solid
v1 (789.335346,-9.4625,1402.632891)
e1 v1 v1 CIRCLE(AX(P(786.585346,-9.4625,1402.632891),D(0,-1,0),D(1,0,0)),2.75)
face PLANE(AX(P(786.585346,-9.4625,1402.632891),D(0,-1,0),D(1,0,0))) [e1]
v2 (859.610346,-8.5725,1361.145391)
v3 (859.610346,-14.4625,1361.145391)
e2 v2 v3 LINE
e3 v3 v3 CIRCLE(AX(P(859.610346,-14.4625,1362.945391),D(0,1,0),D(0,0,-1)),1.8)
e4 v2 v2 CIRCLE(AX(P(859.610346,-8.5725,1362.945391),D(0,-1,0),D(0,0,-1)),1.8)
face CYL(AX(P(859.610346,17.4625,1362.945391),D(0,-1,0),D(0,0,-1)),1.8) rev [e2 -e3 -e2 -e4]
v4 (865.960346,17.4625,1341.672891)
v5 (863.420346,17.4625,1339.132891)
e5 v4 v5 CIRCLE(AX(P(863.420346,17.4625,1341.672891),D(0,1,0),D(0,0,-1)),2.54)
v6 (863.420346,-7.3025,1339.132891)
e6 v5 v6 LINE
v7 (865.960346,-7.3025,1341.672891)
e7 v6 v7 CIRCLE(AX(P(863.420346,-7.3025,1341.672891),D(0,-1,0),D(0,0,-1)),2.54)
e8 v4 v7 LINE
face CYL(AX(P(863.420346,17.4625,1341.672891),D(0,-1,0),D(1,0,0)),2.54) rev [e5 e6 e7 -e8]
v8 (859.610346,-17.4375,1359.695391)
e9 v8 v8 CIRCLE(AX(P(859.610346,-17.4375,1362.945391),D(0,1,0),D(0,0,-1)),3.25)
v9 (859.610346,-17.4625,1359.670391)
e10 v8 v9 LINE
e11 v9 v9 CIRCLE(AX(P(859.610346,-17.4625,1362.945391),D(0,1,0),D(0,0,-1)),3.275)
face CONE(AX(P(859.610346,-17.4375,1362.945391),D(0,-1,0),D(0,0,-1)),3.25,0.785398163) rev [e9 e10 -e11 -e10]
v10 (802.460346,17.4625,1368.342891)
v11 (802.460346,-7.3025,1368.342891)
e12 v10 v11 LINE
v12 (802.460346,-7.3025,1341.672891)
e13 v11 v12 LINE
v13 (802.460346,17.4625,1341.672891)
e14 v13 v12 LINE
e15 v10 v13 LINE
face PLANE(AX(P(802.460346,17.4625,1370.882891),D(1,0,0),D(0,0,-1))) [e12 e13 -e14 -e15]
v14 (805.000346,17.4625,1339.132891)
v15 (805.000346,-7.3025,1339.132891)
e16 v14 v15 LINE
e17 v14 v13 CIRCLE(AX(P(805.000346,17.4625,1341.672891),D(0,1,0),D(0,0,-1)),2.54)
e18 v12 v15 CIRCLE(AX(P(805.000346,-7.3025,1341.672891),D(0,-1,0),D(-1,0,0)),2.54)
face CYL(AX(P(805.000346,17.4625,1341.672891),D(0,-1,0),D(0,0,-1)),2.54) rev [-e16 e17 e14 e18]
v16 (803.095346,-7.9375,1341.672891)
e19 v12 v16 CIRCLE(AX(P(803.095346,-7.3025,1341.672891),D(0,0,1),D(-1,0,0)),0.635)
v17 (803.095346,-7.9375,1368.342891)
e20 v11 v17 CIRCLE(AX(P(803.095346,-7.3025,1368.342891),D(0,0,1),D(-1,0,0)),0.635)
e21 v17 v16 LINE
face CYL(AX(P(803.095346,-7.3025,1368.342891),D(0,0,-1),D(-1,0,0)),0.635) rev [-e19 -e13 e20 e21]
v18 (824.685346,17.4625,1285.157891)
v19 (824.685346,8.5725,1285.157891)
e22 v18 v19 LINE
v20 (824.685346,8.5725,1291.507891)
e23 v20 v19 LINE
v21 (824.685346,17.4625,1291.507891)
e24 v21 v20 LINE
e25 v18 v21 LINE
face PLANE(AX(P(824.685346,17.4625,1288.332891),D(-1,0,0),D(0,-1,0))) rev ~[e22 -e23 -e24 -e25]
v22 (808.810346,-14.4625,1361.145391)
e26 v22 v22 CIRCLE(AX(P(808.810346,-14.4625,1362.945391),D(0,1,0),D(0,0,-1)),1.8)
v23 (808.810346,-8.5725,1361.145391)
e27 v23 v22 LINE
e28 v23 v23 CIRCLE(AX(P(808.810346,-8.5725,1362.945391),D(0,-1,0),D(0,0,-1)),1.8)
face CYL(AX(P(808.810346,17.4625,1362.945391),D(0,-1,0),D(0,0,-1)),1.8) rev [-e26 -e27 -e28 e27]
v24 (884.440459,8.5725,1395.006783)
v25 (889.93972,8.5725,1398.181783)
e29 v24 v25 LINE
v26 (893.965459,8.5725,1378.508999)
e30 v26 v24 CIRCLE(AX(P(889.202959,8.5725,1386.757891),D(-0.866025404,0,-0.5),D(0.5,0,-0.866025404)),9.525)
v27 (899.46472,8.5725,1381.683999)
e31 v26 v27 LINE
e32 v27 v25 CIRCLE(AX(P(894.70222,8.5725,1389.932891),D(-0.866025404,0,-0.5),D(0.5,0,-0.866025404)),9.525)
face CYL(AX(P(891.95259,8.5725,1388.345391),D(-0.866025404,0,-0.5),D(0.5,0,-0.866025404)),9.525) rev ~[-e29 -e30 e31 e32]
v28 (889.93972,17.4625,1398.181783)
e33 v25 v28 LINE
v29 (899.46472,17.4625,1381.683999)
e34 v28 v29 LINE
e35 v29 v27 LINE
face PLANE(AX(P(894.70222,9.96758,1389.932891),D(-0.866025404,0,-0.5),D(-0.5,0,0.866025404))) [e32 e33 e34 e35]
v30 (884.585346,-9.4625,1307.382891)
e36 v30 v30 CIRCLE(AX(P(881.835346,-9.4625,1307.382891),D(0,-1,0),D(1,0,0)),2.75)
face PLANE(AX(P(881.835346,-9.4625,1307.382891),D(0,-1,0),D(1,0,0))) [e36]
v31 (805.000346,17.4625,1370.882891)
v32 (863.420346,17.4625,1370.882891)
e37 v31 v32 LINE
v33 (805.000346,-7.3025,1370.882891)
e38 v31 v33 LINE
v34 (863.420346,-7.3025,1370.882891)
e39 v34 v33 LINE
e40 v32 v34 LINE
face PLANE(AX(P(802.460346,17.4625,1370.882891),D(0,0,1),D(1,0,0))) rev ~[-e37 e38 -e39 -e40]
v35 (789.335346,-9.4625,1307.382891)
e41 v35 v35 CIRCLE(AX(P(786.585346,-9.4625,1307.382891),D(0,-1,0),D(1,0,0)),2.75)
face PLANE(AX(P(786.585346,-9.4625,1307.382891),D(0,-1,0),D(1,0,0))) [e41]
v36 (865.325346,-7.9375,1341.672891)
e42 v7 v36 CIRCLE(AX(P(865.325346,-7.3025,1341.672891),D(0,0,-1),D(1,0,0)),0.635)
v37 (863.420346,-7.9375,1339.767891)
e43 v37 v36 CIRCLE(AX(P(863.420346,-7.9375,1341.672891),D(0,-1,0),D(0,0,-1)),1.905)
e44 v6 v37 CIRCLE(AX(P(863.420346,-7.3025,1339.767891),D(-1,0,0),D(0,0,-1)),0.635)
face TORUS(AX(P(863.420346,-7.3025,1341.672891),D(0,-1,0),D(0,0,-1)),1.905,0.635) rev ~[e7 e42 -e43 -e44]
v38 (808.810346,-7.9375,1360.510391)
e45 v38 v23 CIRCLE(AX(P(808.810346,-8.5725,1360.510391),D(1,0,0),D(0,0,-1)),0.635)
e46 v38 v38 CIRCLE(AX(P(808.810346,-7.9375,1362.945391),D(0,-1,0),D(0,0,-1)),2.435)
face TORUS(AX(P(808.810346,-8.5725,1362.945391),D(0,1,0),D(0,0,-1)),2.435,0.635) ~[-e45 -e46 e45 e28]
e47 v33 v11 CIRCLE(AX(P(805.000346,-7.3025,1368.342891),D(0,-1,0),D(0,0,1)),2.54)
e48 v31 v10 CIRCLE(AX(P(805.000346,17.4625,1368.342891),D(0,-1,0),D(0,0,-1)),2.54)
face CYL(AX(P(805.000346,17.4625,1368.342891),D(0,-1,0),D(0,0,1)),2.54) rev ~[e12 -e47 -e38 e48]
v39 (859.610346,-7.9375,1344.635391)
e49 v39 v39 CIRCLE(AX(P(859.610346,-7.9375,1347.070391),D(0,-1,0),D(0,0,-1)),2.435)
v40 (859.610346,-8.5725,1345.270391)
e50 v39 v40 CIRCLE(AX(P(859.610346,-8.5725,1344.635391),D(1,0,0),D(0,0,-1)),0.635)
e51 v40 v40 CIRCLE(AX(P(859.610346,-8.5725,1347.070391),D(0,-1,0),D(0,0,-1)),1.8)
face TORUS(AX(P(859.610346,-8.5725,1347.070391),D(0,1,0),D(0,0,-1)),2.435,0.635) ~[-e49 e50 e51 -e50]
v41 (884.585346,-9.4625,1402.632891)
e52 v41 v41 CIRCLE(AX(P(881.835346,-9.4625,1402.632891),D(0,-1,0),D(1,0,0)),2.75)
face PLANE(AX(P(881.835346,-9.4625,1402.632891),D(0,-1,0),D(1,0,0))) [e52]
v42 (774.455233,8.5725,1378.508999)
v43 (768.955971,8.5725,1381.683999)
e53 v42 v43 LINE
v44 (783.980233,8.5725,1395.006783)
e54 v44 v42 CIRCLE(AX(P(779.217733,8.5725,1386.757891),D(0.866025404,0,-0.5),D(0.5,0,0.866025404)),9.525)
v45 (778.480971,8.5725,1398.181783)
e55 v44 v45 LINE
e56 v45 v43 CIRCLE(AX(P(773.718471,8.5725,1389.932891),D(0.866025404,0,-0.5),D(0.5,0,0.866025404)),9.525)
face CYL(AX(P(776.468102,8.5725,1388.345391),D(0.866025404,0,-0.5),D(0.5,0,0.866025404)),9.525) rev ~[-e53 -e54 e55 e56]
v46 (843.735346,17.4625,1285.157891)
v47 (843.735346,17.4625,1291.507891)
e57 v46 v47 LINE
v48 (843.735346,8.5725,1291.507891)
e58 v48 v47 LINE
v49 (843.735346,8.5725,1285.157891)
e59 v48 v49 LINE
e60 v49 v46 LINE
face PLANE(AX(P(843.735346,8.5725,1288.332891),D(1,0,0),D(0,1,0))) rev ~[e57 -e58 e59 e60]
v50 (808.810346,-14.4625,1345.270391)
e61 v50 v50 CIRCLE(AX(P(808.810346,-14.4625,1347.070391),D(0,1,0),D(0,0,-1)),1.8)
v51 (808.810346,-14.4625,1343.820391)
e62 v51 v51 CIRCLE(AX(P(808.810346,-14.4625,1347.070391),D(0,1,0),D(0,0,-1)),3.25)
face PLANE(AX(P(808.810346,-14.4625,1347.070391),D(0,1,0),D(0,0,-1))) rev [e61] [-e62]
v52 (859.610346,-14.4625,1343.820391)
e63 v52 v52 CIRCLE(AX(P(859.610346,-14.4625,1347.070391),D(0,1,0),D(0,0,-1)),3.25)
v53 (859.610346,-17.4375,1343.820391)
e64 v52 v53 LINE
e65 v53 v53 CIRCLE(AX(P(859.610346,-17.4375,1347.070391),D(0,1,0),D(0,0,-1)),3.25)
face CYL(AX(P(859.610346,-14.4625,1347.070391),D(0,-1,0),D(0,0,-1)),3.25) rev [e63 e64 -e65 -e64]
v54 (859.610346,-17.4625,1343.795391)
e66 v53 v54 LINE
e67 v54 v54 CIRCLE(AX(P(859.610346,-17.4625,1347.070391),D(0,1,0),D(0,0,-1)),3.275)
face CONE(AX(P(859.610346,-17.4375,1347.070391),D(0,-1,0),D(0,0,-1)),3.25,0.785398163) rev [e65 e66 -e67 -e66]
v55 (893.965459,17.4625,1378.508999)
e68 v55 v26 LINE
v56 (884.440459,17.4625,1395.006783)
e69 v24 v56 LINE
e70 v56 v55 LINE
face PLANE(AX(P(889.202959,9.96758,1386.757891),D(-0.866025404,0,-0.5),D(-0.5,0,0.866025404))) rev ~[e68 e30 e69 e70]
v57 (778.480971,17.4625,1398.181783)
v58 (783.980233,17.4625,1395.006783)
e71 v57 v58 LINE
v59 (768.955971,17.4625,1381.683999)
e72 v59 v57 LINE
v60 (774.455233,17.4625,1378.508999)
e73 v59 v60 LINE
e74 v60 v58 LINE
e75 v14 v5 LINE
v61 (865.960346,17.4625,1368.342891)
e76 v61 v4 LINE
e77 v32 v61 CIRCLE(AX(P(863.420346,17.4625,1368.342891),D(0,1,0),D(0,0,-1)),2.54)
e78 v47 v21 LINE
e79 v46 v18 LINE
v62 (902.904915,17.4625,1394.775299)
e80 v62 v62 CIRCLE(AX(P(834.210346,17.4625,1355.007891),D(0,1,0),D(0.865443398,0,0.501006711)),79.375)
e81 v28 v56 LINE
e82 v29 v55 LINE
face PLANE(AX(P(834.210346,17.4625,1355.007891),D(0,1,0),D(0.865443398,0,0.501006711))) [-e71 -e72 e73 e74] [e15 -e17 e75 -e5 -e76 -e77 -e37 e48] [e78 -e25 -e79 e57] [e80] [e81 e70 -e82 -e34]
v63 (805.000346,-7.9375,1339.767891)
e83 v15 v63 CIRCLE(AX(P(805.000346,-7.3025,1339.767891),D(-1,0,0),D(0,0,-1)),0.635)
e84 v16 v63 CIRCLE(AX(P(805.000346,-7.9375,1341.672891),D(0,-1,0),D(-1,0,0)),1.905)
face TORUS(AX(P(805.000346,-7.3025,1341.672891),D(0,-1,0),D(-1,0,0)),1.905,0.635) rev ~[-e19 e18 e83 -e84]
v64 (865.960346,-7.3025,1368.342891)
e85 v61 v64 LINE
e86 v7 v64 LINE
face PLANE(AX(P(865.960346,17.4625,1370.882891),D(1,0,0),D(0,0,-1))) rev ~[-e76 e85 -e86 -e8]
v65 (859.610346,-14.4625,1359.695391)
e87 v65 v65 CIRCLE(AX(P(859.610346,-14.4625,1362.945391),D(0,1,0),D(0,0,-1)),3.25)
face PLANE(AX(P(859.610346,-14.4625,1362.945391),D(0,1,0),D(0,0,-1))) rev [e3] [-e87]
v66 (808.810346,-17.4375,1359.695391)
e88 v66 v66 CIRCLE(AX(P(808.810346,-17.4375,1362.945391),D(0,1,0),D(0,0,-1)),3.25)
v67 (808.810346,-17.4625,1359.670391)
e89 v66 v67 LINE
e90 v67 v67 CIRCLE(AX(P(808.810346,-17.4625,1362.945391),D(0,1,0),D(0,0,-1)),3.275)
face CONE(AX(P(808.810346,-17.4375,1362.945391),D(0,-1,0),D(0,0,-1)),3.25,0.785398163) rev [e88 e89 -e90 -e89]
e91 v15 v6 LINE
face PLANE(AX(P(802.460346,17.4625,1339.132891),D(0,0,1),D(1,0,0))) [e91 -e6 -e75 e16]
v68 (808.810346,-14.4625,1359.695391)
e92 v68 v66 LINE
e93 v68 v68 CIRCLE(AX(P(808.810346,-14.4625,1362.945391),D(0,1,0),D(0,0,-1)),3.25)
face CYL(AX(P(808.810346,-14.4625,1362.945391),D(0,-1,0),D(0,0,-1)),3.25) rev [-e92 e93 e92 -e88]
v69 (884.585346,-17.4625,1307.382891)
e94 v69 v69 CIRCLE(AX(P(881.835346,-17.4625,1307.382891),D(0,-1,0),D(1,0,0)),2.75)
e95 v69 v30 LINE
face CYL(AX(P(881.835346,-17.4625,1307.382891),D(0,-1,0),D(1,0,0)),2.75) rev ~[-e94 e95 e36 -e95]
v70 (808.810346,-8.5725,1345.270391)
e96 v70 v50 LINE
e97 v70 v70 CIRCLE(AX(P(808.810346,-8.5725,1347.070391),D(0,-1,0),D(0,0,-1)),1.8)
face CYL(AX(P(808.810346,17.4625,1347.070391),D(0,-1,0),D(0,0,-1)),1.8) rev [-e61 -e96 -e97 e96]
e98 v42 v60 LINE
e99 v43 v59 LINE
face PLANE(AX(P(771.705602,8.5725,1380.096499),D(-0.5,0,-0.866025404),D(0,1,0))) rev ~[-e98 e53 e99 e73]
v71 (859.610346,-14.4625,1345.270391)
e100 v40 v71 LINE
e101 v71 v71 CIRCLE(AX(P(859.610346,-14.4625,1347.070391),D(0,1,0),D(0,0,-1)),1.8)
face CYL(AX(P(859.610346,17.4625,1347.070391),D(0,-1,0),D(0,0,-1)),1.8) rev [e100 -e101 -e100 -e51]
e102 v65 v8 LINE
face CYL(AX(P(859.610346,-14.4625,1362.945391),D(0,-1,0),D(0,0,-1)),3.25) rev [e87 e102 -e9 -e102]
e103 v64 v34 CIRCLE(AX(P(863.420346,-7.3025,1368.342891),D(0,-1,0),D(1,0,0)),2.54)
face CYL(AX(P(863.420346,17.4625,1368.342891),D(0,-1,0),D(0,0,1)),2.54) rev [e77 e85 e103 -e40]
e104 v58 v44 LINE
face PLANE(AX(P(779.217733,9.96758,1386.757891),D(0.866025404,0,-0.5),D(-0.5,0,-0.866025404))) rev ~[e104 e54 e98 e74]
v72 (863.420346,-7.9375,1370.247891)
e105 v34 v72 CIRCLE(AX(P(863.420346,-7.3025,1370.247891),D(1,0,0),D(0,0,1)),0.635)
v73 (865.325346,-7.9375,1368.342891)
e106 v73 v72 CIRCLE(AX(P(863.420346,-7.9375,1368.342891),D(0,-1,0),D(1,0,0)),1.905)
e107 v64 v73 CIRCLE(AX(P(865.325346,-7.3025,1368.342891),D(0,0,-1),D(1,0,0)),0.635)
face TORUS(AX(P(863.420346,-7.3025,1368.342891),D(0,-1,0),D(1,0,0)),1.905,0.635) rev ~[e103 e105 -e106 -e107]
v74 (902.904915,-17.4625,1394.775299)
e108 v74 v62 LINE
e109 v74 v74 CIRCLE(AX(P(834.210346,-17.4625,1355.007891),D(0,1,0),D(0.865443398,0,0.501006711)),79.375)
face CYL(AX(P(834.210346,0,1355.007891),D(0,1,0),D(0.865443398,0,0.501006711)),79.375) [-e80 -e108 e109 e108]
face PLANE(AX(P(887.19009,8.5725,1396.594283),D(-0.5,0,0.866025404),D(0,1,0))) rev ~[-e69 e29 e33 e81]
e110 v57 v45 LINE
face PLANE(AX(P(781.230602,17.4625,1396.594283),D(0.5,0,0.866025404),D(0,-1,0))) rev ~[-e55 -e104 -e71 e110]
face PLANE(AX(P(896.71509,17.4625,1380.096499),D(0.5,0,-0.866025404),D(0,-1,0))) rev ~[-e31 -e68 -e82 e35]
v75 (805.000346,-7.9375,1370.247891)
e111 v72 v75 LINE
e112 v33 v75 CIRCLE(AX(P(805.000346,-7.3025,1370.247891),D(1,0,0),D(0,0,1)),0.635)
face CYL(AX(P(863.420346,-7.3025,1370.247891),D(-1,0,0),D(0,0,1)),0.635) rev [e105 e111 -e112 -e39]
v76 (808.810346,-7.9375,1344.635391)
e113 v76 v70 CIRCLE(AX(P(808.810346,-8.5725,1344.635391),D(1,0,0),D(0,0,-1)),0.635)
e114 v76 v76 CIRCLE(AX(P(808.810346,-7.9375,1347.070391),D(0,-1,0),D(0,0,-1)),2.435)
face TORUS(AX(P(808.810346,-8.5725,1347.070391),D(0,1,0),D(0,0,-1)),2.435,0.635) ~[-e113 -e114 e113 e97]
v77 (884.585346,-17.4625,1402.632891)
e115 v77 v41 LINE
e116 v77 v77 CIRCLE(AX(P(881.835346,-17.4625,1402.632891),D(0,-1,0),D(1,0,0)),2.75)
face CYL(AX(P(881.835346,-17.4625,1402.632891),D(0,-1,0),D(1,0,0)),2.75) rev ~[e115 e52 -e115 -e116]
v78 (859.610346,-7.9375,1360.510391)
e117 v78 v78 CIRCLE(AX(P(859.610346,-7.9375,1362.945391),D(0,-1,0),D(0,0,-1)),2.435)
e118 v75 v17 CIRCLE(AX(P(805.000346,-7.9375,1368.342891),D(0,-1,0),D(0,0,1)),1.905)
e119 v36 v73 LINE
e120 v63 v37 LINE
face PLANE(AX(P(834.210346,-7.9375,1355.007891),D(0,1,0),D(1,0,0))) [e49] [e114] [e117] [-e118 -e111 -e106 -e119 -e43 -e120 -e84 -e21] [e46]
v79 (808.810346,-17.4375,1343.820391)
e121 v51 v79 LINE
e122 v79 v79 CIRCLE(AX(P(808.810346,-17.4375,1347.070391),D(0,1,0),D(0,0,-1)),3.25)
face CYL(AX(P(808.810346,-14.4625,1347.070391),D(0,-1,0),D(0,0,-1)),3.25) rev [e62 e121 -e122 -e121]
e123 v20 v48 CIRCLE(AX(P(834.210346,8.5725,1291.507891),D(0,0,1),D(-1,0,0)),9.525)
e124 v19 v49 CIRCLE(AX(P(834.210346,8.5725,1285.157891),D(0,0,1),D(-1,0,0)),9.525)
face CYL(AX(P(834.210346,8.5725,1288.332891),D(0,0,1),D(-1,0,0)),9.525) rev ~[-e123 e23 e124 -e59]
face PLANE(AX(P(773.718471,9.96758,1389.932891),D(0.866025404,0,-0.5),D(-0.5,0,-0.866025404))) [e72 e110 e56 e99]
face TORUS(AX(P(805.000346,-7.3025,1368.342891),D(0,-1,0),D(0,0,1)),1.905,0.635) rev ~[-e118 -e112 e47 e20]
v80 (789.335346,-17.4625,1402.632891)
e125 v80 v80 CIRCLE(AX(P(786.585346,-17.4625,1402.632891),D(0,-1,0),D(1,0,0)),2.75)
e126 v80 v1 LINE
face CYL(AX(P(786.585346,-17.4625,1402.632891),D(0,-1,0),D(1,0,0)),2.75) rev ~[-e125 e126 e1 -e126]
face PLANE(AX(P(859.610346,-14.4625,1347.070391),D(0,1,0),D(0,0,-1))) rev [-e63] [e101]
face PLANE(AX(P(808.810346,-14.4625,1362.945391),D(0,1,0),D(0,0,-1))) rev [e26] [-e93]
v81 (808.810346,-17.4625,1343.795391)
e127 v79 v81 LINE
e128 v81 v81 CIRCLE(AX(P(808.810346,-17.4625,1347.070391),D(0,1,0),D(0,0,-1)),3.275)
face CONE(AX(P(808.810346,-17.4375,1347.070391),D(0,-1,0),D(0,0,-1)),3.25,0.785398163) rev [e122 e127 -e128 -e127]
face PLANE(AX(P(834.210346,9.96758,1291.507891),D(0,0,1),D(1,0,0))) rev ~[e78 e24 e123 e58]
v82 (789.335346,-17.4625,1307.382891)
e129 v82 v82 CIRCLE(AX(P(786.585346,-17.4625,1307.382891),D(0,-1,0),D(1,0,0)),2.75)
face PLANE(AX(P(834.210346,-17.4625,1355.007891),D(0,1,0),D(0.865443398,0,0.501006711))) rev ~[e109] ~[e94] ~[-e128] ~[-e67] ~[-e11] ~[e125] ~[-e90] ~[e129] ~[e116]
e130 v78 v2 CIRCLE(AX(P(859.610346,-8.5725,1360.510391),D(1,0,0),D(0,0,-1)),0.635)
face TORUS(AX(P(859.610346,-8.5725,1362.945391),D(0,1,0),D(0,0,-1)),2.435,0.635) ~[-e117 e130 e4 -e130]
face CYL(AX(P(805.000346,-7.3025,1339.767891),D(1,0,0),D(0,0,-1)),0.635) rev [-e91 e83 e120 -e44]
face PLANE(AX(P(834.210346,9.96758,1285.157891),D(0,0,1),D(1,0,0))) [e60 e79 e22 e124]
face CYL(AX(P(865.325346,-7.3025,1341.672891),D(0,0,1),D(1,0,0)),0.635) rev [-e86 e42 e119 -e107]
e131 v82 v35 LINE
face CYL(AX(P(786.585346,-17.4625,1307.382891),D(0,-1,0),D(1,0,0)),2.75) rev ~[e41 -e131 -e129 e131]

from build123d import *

# Parameters (mm, degrees)
SKETCH1_R                     = 79.375
BOSS_EXTRUDE1_DEPTH           = 17.4625
SKETCH3_W                     = 63.5
SKETCH3_H                     = 31.75
CUT_EXTRUDE1_DEPTH            = 25.4
CBORE_FOR_M3_SHCS1_AT_2_COUNT = 2
CBORE_FOR_M3_SHCS1_AT_2_PITCH = 53.2226984
CBORE_FOR_M3_SHCS1_AT_3_COUNT = 2
CBORE_FOR_M3_SHCS1_AT_3_PITCH = 15.875
CBORE_FOR_M3_SHCS1_AT_4_COUNT = 2
CBORE_FOR_M3_SHCS1_AT_4_PITCH = 50.8
FILLET1_R                     = 2.54
FILLET2_R                     = 0.635
CUT_EXTRUDE2_DEPTH            = 3.175
CIRPATTERN1_COUNT             = 3
SKETCH9_R                     = 2.75
CUT_EXTRUDE3_DEPTH            = 8


with BuildPart() as part:
    # Sketch1 → Boss-Extrude1 (new body, symmetric)
    with BuildSketch(Plane(origin=(1517.792794823, 0, 847.495824357), x_dir=(0.865443398, 0, 0.501006711), z_dir=(0, 1, 0))):
        with Locations((-337.334966363, -781.702362363)):
            Circle(SKETCH1_R)
    extrude(amount=BOSS_EXTRUDE1_DEPTH, both=True)

    # Sketch3 → Cut-Extrude1 (cut)
    with BuildSketch(Plane(origin=(0, 17.4625, 0), x_dir=(1, 0, 0), z_dir=(0, 1, 0))):
        with Locations((834.21034581, -1355.007891462)):
            Rectangle(SKETCH3_W, SKETCH3_H)
    extrude(amount=-CUT_EXTRUDE1_DEPTH, mode=Mode.SUBTRACT)

    # Sketch7 → CBORE for M3 SHCS1 (revolve, cut)
    with BuildSketch(Plane(origin=(859.61034581, -17.4625, 1362.945391462), x_dir=(0, 0, -1), z_dir=(1, 0, 0))):
        Polygon((0, 0), (0, 34.925), (1.8, 34.925), (1.8, 3), (3.25, 3), (3.25, 0.025), (3.275, 0), align=None)
    cbore_for_m3_shcs1 = revolve(axis=Axis((859.61034581, -23.8125, 1362.945391462), (0, 1, 0)), mode=Mode.SUBTRACT)

    # CBORE for M3 SHCS1 at 2: CBORE for M3 SHCS1 ×2
    with Locations(*[Vector(-0.954479978, 0, -0.298274993) * (i * CBORE_FOR_M3_SHCS1_AT_2_PITCH) for i in range(1, CBORE_FOR_M3_SHCS1_AT_2_COUNT)]):
        add(cbore_for_m3_shcs1, mode=Mode.SUBTRACT)

    # CBORE for M3 SHCS1 at 3: CBORE for M3 SHCS1 ×2
    with Locations(*[(0, 0, -i * CBORE_FOR_M3_SHCS1_AT_3_PITCH) for i in range(1, CBORE_FOR_M3_SHCS1_AT_3_COUNT)]):
        add(cbore_for_m3_shcs1, mode=Mode.SUBTRACT)

    # CBORE for M3 SHCS1 at 4: CBORE for M3 SHCS1 ×2
    with Locations(*[(-i * CBORE_FOR_M3_SHCS1_AT_4_PITCH, 0, 0) for i in range(1, CBORE_FOR_M3_SHCS1_AT_4_COUNT)]):
        add(cbore_for_m3_shcs1, mode=Mode.SUBTRACT)

    # Fillet1
    fillet1_edges = [part.edges().sort_by_distance(p)[0] for p in [
        (802.46034581, 4.7625, 1370.882891462),
        (802.46034581, 4.7625, 1339.132891462),
        (865.96034581, 4.7625, 1339.132891462),
        (865.96034581, 4.7625, 1370.882891462),
    ]]
    fillet(fillet1_edges, radius=FILLET1_R)

    # Fillet2
    fillet2_edges = [part.edges().sort_by_distance(p)[0] for p in [
        (808.81034581, -7.9375, 1364.745391462),
        (859.61034581, -7.9375, 1348.870391462),
        (859.61034581, -7.9375, 1364.745391462),
        (808.81034581, -7.9375, 1348.870391462),
        (802.46034581, -7.9375, 1355.007891462),
        (834.21034581, -7.9375, 1339.132891462),
        (834.21034581, -7.9375, 1370.882891462),
        (865.96034581, -7.9375, 1355.007891462),
        (865.216397034, -7.9375, 1339.876840238),
        (865.216397034, -7.9375, 1370.138942686),
        (803.204294586, -7.9375, 1370.138942686),
        (803.204294586, -7.9375, 1339.876840238),
    ]]
    fillet(fillet2_edges, radius=FILLET2_R)

    # Sketch8 → Cut-Extrude2 (cut, symmetric)
    with BuildSketch(Plane.XY.offset(1288.332891462)):
        with BuildLine():
            Line((843.73534581, 8.5725), (843.73534581, 17.4625))
            Line((843.73534581, 17.4625), (824.68534581, 17.4625))
            Line((824.68534581, 17.4625), (824.68534581, 8.5725))
            ThreePointArc((824.68534581, 8.5725), (834.21034581, -0.9525), (843.73534581, 8.5725))
        make_face()
    cut_extrude2 = extrude(amount=CUT_EXTRUDE2_DEPTH, both=True, mode=Mode.SUBTRACT)

    # CirPattern1: Cut-Extrude2 ×3 about axis
    cirpattern1_axis = Axis((834.21034581, 0, 1355.007891462), (0, 1, 0))
    for i in range(1, CIRPATTERN1_COUNT):
        add(cut_extrude2.rotate(cirpattern1_axis, i * 360 / CIRPATTERN1_COUNT), mode=Mode.SUBTRACT)

    # Sketch9 → Cut-Extrude3 (cut)
    with BuildSketch(Plane.XZ.offset(17.4625)):
        with Locations((881.83534581, 1307.382891462)):
            Circle(SKETCH9_R)
        with Locations((786.58534581, 1307.382891462)):
            Circle(SKETCH9_R)
        with Locations((786.58534581, 1402.632891462)):
            Circle(SKETCH9_R)
        with Locations((881.83534581, 1402.632891462)):
            Circle(SKETCH9_R)
    extrude(amount=-CUT_EXTRUDE3_DEPTH, mode=Mode.SUBTRACT)


solid = part.part
